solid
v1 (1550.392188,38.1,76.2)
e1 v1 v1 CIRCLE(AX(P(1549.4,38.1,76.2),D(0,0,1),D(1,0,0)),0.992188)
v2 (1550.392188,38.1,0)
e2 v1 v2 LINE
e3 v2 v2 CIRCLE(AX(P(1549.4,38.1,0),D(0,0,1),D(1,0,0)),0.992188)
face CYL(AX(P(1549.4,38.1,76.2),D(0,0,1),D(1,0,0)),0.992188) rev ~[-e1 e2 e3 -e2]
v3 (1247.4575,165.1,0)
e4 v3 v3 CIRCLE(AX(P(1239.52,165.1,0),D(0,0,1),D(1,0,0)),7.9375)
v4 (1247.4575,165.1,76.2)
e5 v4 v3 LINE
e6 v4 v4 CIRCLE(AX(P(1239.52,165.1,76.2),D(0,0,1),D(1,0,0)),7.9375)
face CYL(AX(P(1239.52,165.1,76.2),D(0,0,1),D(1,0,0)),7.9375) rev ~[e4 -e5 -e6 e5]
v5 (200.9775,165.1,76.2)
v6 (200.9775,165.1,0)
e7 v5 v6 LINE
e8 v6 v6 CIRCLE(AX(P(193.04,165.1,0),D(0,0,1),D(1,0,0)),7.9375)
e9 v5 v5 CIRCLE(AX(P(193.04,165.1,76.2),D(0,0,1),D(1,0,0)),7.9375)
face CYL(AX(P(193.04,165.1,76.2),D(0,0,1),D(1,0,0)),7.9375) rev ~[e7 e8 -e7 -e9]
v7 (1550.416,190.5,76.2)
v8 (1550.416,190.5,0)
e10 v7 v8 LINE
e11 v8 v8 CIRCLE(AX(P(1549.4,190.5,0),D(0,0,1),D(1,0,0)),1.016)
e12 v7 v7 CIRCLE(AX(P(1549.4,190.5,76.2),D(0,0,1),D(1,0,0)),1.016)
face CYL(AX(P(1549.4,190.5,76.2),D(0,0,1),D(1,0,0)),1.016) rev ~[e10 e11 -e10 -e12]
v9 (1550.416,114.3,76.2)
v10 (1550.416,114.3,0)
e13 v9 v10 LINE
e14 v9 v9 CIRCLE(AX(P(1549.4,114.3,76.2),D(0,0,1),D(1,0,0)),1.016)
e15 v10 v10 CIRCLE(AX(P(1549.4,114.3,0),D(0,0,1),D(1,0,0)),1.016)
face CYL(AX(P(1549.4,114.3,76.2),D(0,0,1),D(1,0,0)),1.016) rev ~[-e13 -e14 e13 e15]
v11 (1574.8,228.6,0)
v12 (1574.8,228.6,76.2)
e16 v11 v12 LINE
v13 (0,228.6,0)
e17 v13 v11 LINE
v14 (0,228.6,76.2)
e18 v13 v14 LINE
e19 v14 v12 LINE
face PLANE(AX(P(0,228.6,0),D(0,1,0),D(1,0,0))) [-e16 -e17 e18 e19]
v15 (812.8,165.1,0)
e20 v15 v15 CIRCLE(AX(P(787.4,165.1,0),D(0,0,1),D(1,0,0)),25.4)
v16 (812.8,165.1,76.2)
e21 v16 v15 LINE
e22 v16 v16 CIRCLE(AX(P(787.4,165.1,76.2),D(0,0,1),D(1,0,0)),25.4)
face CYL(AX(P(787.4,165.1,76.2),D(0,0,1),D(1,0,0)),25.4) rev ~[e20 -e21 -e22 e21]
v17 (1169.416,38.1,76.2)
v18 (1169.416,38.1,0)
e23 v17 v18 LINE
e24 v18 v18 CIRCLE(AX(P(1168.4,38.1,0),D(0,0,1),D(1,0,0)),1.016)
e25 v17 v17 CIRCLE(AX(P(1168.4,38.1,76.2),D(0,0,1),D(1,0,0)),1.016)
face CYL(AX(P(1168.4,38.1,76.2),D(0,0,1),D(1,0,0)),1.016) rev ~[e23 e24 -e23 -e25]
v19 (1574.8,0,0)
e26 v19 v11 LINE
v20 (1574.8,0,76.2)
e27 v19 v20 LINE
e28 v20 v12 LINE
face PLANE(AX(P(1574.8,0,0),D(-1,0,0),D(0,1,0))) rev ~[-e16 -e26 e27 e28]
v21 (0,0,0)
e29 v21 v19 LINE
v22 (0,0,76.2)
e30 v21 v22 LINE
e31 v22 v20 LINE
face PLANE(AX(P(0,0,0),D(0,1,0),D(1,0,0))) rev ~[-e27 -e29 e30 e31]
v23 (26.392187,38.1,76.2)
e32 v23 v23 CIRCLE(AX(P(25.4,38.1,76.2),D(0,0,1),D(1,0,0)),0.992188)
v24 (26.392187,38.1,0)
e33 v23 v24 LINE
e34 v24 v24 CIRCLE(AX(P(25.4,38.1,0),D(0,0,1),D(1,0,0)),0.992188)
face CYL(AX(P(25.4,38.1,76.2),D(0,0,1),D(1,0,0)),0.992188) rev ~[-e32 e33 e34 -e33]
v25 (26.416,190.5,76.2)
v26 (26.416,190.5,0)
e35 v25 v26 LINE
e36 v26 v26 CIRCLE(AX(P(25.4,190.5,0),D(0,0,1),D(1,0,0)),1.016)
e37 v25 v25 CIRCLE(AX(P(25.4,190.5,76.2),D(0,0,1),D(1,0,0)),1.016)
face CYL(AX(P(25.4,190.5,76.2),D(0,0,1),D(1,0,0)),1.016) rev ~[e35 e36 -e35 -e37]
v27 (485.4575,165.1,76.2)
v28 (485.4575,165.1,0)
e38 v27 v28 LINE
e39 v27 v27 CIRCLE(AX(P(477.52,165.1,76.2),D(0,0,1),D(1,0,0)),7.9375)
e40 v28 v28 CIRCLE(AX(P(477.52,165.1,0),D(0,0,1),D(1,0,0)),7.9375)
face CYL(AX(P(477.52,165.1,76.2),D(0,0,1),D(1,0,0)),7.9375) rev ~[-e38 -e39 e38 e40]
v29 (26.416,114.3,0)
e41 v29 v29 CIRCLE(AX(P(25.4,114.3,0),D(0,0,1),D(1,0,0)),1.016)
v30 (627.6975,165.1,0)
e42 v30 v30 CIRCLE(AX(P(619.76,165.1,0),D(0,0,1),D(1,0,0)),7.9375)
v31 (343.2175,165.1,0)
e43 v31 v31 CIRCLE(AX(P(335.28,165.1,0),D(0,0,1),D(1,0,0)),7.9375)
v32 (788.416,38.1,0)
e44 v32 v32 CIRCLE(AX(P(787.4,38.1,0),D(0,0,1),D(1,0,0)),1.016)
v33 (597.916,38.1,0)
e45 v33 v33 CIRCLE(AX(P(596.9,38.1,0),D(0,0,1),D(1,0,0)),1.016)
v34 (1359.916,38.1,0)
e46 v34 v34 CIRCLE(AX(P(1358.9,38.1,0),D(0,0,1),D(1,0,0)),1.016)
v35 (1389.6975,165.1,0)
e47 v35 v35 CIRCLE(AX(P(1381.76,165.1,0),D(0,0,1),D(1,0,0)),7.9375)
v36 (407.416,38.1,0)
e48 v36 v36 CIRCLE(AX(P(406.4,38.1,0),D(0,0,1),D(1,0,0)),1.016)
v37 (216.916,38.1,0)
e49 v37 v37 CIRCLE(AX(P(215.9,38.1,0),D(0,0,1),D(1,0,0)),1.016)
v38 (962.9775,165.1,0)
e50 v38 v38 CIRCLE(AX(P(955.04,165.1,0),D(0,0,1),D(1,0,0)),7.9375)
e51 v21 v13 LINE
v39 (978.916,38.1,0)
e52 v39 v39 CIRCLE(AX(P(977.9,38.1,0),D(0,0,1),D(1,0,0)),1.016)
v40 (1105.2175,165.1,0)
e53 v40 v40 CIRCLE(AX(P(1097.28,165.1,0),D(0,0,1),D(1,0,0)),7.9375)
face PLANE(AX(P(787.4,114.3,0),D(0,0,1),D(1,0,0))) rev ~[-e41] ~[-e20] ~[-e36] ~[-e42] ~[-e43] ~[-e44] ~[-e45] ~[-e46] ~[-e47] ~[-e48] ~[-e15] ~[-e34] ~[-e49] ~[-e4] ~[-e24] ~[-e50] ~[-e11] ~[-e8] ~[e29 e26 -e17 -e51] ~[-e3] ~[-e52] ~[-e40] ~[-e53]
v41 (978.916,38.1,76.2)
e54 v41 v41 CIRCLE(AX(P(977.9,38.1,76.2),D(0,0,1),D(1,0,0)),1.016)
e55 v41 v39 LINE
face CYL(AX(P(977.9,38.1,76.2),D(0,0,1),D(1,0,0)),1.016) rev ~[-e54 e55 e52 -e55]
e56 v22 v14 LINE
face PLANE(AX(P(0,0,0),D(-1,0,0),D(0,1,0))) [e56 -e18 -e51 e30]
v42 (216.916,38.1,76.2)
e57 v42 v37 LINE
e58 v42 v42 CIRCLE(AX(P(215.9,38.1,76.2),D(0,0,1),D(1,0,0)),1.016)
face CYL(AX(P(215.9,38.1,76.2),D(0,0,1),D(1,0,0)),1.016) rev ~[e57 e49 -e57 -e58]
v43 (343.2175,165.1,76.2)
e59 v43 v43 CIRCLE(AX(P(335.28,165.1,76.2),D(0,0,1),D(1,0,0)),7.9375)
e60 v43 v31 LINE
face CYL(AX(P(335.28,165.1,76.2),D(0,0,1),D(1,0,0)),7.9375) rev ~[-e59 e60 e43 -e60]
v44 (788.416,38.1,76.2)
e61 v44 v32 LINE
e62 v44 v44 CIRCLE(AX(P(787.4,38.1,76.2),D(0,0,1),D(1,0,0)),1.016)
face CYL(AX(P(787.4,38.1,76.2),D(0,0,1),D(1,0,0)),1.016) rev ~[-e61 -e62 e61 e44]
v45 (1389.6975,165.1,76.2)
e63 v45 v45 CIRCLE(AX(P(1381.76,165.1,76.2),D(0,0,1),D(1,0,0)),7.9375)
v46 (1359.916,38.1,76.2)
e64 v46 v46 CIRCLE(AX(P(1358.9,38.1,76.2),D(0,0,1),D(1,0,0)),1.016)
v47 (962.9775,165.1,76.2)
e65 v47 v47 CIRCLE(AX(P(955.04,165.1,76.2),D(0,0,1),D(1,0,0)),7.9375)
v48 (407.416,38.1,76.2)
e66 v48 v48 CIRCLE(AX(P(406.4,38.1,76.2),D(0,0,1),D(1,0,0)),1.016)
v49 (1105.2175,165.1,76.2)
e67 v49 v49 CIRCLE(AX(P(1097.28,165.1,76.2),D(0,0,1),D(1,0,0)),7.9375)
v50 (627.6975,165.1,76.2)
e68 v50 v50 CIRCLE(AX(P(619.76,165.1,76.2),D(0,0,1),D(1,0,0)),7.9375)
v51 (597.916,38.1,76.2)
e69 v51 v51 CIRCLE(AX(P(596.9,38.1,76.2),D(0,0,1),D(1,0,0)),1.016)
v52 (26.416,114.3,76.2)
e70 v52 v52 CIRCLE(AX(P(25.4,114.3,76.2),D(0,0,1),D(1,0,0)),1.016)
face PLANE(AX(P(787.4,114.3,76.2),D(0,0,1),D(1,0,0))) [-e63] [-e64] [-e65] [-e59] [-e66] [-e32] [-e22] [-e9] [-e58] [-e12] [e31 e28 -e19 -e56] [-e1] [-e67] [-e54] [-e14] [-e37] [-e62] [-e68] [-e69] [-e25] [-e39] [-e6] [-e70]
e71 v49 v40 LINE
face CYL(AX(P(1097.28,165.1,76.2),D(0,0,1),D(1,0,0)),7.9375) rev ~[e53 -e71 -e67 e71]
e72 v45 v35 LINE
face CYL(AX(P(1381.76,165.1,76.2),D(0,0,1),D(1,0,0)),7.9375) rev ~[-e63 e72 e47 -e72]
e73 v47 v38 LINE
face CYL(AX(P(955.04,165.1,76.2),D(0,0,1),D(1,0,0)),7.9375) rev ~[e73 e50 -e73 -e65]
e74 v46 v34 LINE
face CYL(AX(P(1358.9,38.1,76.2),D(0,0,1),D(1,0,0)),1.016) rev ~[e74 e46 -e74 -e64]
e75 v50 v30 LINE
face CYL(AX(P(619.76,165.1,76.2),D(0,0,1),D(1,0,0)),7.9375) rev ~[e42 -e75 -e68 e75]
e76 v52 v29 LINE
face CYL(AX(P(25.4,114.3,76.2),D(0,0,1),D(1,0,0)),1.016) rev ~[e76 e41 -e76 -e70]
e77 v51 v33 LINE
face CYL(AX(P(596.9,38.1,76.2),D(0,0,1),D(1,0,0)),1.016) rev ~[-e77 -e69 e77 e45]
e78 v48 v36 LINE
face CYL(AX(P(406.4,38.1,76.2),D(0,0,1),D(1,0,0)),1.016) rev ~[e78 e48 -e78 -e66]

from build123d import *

# Parameters (mm, degrees)
SKETCH1_W           = 1574.8
SKETCH1_H           = 228.6
BOSS_EXTRUDE1_DEPTH = 76.2
SKETCH2_R           = 7.9375
CUT_EXTRUDE1_DEPTH  = 1594.128820906
SKETCH3_R           = 0.9921875
SKETCH3_R_2         = 1.016
CUT_EXTRUDE2_DEPTH  = 76.2
SKETCH4_R           = 25.4
CUT_EXTRUDE3_DEPTH  = 1594.128820906


with BuildPart() as part:
    # Sketch1 → Boss-Extrude1 (new body)
    with BuildSketch(Plane.XY):
        with Locations((787.4, 114.3)):
            Rectangle(SKETCH1_W, SKETCH1_H)
    extrude(amount=BOSS_EXTRUDE1_DEPTH)

    # Sketch2 → Cut-Extrude1 (cut, through all)
    with BuildSketch(Plane.XY.offset(76.2)):
        with Locations((193.04, 165.1)):
            Circle(SKETCH2_R)
        with Locations((335.28, 165.1)):
            Circle(SKETCH2_R)
        with Locations((477.52, 165.1)):
            Circle(SKETCH2_R)
        with Locations((619.76, 165.1)):
            Circle(SKETCH2_R)
        with Locations((955.04, 165.1)):
            Circle(SKETCH2_R)
        with Locations((1097.28, 165.1)):
            Circle(SKETCH2_R)
        with Locations((1239.52, 165.1)):
            Circle(SKETCH2_R)
        with Locations((1381.76, 165.1)):
            Circle(SKETCH2_R)
    extrude(amount=-CUT_EXTRUDE1_DEPTH, mode=Mode.SUBTRACT)

    # Sketch3 → Cut-Extrude2 (cut)
    with BuildSketch(Plane.XY.offset(76.2)):
        with Locations((1549.4, 38.1)):
            Circle(SKETCH3_R)
        with Locations((1549.4, 190.5)):
            Circle(SKETCH3_R_2)
        with Locations((1549.4, 114.3)):
            Circle(SKETCH3_R_2)
        with Locations((25.4, 38.1)):
            Circle(SKETCH3_R)
        with Locations((25.4, 114.3)):
            Circle(SKETCH3_R_2)
        with Locations((25.4, 190.5)):
            Circle(SKETCH3_R_2)
        with Locations((215.9, 38.1)):
            Circle(SKETCH3_R_2)
        with Locations((406.4, 38.1)):
            Circle(SKETCH3_R_2)
        with Locations((596.9, 38.1)):
            Circle(SKETCH3_R_2)
        with Locations((787.4, 38.1)):
            Circle(SKETCH3_R_2)
        with Locations((977.9, 38.1)):
            Circle(SKETCH3_R_2)
        with Locations((1168.4, 38.1)):
            Circle(SKETCH3_R_2)
        with Locations((1358.9, 38.1)):
            Circle(SKETCH3_R_2)
    extrude(amount=-CUT_EXTRUDE2_DEPTH, mode=Mode.SUBTRACT)

    # Sketch4 → Cut-Extrude3 (cut, through all)
    with BuildSketch(Plane.XY.offset(76.2)):
        with Locations((787.4, 165.1)):
            Circle(SKETCH4_R)
    extrude(amount=-CUT_EXTRUDE3_DEPTH, mode=Mode.SUBTRACT)


solid = part.part
